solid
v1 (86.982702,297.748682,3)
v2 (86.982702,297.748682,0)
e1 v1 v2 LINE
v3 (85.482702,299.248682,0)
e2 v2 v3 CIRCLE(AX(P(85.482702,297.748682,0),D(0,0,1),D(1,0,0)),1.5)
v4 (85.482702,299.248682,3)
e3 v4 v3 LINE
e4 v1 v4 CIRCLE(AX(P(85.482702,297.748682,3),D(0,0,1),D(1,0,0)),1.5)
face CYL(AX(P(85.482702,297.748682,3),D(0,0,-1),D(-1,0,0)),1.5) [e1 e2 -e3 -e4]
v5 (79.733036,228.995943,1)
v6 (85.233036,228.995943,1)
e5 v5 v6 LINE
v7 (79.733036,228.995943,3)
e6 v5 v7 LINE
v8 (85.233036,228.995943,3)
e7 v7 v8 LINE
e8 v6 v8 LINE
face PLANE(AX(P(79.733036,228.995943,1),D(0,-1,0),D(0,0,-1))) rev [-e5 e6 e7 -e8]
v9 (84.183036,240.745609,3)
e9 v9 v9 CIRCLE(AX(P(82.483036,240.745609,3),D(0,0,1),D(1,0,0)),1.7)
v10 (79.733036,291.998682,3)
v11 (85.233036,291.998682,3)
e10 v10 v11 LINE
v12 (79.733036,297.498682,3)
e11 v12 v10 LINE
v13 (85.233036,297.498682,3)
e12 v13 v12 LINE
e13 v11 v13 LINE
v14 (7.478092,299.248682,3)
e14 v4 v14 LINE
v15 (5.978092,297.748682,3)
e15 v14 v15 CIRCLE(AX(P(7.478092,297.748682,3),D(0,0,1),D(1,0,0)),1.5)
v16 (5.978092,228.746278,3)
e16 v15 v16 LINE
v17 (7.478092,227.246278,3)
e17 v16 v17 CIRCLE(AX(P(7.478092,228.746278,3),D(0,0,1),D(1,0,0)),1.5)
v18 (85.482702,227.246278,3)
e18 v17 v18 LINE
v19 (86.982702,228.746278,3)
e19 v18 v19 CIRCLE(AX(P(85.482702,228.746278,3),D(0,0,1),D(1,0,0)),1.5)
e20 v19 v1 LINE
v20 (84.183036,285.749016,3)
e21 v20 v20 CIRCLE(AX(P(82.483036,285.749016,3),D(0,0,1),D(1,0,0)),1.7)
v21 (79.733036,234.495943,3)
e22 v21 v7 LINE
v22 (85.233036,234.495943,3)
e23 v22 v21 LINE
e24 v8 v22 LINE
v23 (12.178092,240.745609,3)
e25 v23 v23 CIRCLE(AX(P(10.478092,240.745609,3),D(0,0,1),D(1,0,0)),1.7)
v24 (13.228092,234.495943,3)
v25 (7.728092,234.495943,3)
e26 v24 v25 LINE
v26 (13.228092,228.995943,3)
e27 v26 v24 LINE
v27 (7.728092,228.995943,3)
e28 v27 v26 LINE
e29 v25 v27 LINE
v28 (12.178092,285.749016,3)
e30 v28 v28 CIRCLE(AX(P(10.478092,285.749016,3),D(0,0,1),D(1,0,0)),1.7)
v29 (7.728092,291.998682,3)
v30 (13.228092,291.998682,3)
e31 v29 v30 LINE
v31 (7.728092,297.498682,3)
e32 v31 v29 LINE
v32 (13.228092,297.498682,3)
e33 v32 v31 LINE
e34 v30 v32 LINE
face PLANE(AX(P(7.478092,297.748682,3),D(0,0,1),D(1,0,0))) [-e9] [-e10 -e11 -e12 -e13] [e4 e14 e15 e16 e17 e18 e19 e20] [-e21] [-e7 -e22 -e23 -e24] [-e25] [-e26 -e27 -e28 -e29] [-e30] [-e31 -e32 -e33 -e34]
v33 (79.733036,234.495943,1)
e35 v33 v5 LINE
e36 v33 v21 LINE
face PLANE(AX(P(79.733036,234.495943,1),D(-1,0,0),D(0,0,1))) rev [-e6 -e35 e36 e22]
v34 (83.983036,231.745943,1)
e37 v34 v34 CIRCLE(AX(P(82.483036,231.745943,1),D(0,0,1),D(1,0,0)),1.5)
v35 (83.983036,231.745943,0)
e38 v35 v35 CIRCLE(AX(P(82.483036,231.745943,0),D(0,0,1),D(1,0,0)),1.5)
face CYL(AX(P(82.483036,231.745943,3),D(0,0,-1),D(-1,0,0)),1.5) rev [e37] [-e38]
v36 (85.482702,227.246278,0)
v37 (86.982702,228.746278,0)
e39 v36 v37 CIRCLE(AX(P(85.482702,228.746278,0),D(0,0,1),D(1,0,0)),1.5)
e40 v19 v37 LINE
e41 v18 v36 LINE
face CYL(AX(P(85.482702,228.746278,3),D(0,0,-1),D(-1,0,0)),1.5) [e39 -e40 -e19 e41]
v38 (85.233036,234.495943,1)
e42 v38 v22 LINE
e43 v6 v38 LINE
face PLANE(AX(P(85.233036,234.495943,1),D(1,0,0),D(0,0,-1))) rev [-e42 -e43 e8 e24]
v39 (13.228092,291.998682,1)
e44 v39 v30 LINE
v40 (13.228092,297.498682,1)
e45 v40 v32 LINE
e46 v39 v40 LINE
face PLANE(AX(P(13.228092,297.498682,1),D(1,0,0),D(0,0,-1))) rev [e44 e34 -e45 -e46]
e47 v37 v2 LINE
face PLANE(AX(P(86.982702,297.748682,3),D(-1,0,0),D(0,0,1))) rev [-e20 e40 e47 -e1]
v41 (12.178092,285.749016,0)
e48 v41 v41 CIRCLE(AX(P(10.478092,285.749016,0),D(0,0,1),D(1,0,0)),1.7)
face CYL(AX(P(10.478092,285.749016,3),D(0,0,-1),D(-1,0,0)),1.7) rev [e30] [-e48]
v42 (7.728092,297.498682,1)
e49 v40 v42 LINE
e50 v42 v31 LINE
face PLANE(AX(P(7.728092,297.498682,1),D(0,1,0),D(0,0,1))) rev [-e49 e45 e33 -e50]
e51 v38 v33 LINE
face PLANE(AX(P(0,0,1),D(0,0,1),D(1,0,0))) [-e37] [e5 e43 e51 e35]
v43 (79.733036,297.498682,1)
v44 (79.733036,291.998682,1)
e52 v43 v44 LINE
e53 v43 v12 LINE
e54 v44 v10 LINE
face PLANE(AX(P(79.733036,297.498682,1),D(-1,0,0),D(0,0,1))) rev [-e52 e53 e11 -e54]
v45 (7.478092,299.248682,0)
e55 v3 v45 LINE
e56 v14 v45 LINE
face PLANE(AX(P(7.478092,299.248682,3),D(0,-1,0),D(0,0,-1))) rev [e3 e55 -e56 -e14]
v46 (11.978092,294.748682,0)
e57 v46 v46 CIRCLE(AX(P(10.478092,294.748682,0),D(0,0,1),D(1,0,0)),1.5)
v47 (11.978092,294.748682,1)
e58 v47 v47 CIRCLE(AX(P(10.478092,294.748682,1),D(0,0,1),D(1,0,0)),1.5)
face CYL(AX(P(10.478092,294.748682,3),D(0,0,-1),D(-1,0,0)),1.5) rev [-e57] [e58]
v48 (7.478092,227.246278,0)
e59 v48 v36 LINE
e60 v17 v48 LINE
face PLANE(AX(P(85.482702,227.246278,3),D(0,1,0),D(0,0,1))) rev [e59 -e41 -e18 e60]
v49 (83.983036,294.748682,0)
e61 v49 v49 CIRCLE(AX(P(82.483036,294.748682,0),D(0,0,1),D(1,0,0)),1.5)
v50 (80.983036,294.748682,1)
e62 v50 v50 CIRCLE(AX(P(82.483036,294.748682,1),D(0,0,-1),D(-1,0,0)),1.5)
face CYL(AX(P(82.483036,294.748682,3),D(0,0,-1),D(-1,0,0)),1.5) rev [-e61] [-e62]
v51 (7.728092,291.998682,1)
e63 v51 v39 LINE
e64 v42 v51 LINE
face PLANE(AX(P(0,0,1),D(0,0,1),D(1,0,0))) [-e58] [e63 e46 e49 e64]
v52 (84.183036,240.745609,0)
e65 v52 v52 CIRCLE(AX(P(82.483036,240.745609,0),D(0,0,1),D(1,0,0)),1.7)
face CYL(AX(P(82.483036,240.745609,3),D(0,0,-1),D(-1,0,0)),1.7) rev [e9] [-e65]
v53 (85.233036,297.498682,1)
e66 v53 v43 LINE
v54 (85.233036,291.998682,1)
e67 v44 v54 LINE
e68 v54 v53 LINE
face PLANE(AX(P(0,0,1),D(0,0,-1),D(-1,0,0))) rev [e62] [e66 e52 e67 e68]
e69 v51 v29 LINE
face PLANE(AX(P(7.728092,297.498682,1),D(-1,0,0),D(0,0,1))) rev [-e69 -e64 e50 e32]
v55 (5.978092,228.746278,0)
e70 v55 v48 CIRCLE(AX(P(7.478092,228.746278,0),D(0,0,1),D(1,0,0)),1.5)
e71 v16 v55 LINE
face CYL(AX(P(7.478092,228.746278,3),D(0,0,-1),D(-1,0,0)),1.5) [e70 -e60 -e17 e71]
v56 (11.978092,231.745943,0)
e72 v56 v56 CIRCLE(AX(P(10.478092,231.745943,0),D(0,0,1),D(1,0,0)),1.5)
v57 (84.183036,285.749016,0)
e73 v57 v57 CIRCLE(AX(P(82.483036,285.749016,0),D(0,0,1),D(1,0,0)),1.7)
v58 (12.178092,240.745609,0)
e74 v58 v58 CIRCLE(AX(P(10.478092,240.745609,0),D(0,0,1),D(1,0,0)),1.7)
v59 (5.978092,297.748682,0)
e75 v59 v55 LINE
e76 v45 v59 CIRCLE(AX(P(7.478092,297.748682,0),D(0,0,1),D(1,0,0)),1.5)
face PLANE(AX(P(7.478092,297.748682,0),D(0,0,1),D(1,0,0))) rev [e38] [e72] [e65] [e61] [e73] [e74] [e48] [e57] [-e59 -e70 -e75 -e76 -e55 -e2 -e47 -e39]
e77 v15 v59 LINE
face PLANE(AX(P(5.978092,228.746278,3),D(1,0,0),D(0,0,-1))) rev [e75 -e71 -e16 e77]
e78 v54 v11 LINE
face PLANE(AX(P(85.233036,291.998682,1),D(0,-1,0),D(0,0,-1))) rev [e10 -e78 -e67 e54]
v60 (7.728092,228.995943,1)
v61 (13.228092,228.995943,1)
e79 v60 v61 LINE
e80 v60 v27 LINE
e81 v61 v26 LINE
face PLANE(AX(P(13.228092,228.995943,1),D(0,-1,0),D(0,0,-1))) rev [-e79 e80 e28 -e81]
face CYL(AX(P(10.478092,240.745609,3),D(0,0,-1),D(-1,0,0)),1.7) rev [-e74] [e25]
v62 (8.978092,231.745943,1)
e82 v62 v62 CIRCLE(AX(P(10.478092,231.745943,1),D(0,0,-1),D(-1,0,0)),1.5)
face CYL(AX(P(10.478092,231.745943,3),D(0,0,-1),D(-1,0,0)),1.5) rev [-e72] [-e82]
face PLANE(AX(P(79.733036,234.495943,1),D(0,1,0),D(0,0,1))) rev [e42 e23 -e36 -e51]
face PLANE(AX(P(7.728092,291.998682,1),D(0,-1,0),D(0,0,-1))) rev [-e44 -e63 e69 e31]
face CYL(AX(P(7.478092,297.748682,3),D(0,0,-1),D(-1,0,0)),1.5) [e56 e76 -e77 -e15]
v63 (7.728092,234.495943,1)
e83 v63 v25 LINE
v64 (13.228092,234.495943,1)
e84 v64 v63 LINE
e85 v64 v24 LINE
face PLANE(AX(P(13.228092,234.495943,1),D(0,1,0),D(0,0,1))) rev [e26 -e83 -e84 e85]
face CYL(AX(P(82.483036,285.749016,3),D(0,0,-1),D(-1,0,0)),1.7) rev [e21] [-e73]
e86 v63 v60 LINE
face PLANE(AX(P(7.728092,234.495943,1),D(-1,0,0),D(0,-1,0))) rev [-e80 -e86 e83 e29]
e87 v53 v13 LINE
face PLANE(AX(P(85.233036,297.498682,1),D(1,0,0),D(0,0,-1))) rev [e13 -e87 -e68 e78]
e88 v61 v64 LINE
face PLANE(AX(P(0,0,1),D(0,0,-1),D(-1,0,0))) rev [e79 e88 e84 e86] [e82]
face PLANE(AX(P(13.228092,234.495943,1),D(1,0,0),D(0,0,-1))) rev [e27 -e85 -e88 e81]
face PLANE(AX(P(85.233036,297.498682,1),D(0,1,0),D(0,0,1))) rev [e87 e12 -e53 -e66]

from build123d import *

# Parameters (mm, degrees)
MODEL_R                 = 1.5
MODEL_R_2               = 1.7
SALIENTE_EXTRUIR1_DEPTH = 3
CROQUIS2_W              = 5.5
CROQUIS2_H              = 5.5
CORTAR_EXTRUIR1_DEPTH   = 2


with BuildPart() as part:
    # Model → Saliente-Extruir1 (new body)
    with BuildSketch(Plane.XY):
        with BuildLine():
            Line((85.482701858, 227.246277544), (7.478092, 227.246277544))
            ThreePointArc((7.478092, 227.246277544), (6.417431828, 227.685617372), (5.978092, 228.746277544))
            Line((5.978092, 228.746277544), (5.978092, 297.748681778))
            ThreePointArc((5.978092, 297.748681778), (6.417431828, 298.80934195), (7.478092, 299.248681778))
            Line((7.478092, 299.248681778), (85.482701858, 299.248681778))
            ThreePointArc((85.482701858, 299.248681778), (86.54336203, 298.80934195), (86.982701858, 297.748681778))
            Line((86.982701858, 297.748681778), (86.982701858, 228.746277544))
            ThreePointArc((86.982701858, 228.746277544), (86.54336203, 227.685617372), (85.482701858, 227.246277544))
        make_face()
        with Locations((82.48303636, 294.748681778)):
            Circle(MODEL_R, mode=Mode.SUBTRACT)
        with Locations((10.478092, 231.745943042)):
            Circle(MODEL_R, mode=Mode.SUBTRACT)
        with Locations((82.48303636, 231.745943042)):
            Circle(MODEL_R, mode=Mode.SUBTRACT)
        with Locations((10.478092, 294.748681778)):
            Circle(MODEL_R, mode=Mode.SUBTRACT)
        with Locations((10.478092, 240.74560854)):
            Circle(MODEL_R_2, mode=Mode.SUBTRACT)
        with Locations((10.478092, 285.74901628)):
            Circle(MODEL_R_2, mode=Mode.SUBTRACT)
        with Locations((82.48303636, 240.74560854)):
            Circle(MODEL_R_2, mode=Mode.SUBTRACT)
        with Locations((82.48303636, 285.74901628)):
            Circle(MODEL_R_2, mode=Mode.SUBTRACT)
    extrude(amount=SALIENTE_EXTRUIR1_DEPTH)

    # Croquis2 → Cortar-Extruir1 (cut)
    with BuildSketch(Plane.XY.offset(3)):
        with Locations((10.478092, 294.748681778)):
            Rectangle(CROQUIS2_W, CROQUIS2_H)
        with Locations((82.48303636, 294.748681778)):
            Rectangle(CROQUIS2_W, CROQUIS2_H)
        with Locations((10.478092, 231.745943042)):
            Rectangle(CROQUIS2_W, CROQUIS2_H)
        with Locations((82.48303636, 231.745943042)):
            Rectangle(CROQUIS2_W, CROQUIS2_H)
    extrude(amount=-CORTAR_EXTRUIR1_DEPTH, mode=Mode.SUBTRACT)


solid = part.part
